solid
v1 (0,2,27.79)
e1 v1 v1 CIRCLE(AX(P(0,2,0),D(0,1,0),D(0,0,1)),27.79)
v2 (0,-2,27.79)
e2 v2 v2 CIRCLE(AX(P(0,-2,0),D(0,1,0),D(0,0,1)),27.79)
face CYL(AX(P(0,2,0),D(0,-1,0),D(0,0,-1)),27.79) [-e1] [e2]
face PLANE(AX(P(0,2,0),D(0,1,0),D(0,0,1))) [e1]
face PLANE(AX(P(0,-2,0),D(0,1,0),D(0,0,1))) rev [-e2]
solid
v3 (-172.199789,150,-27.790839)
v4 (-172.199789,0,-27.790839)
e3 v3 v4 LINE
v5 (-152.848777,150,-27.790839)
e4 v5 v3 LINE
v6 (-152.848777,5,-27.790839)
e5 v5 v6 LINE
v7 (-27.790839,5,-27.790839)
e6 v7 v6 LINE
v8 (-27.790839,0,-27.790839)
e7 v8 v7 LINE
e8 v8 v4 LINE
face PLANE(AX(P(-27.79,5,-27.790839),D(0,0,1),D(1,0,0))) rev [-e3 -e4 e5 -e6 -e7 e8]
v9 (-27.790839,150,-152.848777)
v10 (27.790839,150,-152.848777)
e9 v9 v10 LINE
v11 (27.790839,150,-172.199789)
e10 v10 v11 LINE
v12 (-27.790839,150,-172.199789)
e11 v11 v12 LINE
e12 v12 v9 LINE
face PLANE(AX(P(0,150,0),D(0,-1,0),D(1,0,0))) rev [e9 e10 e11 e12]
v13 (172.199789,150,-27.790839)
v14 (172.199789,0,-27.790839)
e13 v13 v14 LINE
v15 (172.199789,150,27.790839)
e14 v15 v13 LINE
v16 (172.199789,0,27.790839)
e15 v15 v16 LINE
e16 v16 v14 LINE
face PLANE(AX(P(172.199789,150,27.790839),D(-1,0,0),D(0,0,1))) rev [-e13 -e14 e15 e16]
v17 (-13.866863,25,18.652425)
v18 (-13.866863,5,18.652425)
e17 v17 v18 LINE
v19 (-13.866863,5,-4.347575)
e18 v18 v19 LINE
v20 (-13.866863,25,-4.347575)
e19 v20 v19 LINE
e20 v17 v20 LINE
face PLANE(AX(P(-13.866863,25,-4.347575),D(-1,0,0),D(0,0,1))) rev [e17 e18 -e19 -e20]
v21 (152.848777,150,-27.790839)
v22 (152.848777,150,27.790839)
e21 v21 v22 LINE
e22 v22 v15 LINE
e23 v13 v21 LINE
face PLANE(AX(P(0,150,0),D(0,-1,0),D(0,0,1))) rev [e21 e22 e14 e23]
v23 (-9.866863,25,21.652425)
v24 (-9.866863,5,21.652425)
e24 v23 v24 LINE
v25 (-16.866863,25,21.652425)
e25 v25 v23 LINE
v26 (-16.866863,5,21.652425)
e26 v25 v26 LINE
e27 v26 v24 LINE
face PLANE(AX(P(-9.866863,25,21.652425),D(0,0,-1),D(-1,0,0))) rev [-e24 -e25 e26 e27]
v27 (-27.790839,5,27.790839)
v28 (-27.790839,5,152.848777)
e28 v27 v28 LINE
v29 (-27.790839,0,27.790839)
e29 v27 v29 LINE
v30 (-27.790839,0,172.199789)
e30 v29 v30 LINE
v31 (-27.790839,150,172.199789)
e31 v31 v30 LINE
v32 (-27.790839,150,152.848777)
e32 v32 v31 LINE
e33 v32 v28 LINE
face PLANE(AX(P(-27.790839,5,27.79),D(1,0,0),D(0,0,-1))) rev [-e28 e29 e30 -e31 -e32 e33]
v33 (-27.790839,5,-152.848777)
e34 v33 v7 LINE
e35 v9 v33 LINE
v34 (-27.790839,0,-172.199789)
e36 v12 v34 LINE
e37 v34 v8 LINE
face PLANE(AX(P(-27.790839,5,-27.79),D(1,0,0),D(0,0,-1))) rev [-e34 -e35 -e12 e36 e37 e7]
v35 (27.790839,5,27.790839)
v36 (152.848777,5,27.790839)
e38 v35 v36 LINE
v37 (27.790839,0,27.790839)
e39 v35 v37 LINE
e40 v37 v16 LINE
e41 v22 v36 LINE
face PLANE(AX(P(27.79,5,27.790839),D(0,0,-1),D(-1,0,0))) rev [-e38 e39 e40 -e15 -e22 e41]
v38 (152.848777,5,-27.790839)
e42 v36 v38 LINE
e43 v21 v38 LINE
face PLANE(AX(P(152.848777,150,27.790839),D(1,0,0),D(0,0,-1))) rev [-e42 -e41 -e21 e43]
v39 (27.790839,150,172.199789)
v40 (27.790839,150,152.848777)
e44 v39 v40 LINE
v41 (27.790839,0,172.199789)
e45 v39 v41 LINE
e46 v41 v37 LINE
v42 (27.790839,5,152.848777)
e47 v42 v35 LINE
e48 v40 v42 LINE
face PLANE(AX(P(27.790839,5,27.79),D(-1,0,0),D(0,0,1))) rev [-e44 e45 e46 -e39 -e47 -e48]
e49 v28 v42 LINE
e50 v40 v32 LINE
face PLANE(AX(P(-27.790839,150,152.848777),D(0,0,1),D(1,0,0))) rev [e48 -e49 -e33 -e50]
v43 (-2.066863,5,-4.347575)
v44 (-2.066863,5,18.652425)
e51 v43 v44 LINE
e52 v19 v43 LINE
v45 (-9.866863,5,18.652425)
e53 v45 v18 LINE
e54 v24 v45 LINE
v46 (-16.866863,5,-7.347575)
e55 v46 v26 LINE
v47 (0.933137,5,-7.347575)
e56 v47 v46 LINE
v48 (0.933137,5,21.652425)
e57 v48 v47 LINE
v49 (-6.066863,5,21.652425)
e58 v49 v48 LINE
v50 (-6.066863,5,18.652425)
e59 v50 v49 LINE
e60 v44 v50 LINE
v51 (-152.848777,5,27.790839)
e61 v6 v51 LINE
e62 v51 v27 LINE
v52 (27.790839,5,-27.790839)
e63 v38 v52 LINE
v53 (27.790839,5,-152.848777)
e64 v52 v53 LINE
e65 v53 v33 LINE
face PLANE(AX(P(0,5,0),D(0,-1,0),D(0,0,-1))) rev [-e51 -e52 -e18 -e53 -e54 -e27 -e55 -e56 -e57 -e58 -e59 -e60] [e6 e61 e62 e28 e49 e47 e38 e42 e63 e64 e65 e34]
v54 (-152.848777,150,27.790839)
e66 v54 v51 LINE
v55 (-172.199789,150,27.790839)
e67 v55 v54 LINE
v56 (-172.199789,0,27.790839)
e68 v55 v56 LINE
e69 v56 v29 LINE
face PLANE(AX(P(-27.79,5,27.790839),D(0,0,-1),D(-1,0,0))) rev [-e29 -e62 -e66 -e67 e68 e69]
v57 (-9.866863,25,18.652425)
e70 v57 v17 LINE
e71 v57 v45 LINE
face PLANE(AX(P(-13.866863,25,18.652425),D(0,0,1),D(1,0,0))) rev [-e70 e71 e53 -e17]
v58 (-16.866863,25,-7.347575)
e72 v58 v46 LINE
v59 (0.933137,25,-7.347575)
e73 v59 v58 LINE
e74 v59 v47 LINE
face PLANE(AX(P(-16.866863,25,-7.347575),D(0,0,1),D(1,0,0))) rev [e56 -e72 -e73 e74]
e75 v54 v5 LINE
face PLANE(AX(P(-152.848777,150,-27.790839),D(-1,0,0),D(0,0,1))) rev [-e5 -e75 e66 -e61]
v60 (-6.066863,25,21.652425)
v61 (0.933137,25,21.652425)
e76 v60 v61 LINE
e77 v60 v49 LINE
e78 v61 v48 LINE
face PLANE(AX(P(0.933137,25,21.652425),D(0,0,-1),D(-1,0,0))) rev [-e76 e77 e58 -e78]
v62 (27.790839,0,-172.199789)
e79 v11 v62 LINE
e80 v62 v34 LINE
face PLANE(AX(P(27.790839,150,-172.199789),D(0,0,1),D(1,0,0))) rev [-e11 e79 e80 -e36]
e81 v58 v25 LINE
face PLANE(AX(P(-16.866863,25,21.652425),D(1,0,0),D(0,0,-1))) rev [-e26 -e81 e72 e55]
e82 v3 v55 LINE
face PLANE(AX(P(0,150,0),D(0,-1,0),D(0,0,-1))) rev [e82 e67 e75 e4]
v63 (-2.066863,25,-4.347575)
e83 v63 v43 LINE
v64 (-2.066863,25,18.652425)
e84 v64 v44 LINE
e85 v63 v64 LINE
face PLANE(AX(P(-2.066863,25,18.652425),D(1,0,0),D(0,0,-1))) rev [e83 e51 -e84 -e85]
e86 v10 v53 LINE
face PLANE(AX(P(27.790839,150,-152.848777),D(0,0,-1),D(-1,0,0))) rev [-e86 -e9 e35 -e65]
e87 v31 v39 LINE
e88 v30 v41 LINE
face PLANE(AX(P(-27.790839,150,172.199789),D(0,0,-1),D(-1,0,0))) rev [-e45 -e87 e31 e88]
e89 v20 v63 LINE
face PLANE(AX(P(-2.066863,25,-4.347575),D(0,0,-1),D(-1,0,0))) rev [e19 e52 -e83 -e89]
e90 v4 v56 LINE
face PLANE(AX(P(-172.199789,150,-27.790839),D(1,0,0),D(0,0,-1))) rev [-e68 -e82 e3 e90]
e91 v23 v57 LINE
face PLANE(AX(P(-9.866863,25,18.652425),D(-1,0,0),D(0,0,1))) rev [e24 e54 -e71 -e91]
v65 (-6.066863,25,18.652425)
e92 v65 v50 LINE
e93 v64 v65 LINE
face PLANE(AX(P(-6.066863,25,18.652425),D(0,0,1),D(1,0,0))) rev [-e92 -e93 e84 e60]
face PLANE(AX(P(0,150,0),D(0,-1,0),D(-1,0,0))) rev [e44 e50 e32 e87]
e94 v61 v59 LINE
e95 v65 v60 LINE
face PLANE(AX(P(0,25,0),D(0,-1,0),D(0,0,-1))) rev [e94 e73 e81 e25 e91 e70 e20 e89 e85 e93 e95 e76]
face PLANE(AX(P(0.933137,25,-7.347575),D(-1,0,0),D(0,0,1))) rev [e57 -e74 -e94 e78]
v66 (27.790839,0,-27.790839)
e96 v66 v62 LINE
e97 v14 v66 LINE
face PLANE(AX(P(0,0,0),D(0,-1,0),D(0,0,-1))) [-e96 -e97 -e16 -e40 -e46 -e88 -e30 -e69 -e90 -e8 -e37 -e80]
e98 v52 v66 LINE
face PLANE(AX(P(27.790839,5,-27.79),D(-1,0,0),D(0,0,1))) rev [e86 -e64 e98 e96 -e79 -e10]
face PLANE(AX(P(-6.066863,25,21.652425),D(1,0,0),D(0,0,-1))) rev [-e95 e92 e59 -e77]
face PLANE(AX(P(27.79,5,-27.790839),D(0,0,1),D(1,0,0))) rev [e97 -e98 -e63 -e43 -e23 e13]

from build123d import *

# Parameters (mm, degrees)
SKETCH6_R            = 27.79
BOSS_EXTRUDE3_DEPTH  = 2
SKETCH5_W            = 125.058776632
SKETCH5_H            = 55.581678504
BOSS_EXTRUDE9_DEPTH  = 5
CIRPATTERN7_COUNT    = 4
SKETCH14_W           = 19.351012163
SKETCH14_H           = 55.581678504
BOSS_EXTRUDE10_DEPTH = 150
CIRPATTERN9_COUNT    = 4
SKETCH15_W           = 55.58
SKETCH15_H           = 55.58
BOSS_EXTRUDE11_DEPTH = 5
BOSS_EXTRUDE12_DEPTH = 25


with BuildPart() as part:
    # Sketch6 → Boss-Extrude3 (new, symmetric)
    with BuildSketch(Plane(origin=(0, 0, 0), x_dir=(1, 0, 0), z_dir=(0, 1, 0))):
        with Locations(Location((0, 0, 0), (0, 0, 270))):
            Circle(SKETCH6_R)
    extrude(amount=BOSS_EXTRUDE3_DEPTH, both=True)


with BuildPart() as body_2:
    # Sketch5 → Boss-Extrude9 (new body)
    with BuildSketch(Plane(origin=(0, 0, 0), x_dir=(1, 0, 0), z_dir=(0, 1, 0))):
        with Locations((-90.319388316, 0)):
            Rectangle(SKETCH5_W, SKETCH5_H)
    boss_extrude9 = extrude(amount=BOSS_EXTRUDE9_DEPTH)

    # CirPattern7: Boss-Extrude9 ×4 about axis
    cirpattern7_axis = Axis((0, 0, 0), (0, 1, 0))
    for i in range(1, CIRPATTERN7_COUNT):
        add(boss_extrude9.rotate(cirpattern7_axis, i * 360 / CIRPATTERN7_COUNT))

    # Sketch14 → Boss-Extrude10 (add)
    with BuildSketch(Plane(origin=(0, 0, 0), x_dir=(1, 0, 0), z_dir=(0, 1, 0))):
        with Locations((-162.524282714, 0)):
            Rectangle(SKETCH14_W, SKETCH14_H)
    boss_extrude10 = extrude(amount=BOSS_EXTRUDE10_DEPTH)

    # CirPattern9: Boss-Extrude10 ×4 about axis
    cirpattern9_axis = Axis((0, 0, 0), (0, 1, 0))
    for i in range(1, CIRPATTERN9_COUNT):
        add(boss_extrude10.rotate(cirpattern9_axis, i * 360 / CIRPATTERN9_COUNT))

    # Sketch15 → Boss-Extrude11 (add)
    with BuildSketch(Plane(origin=(0, 0, 0), x_dir=(1, 0, 0), z_dir=(0, 1, 0))):
        Rectangle(SKETCH15_W, SKETCH15_H)
    extrude(amount=BOSS_EXTRUDE11_DEPTH)

    # Sketch16 → Boss-Extrude12 (add)
    with BuildSketch(Plane(origin=(0, 0, 0), x_dir=(1, 0, 0), z_dir=(0, 1, 0))):
        Polygon((-16.866862525, 7.347575327), (0.933137475, 7.347575327), (0.933137475, -21.652424673), (-6.066862525, -21.652424673), (-6.066862525, -18.652424673), (-2.066862525, -18.652424673), (-2.066862525, 4.347575327), (-13.866862525, 4.347575327), (-13.866862525, -18.652424673), (-9.866862525, -18.652424673), (-9.866862525, -21.652424673), (-16.866862525, -21.652424673), align=None)
    extrude(amount=BOSS_EXTRUDE12_DEPTH)


solid = Compound([part.part, body_2.part])
